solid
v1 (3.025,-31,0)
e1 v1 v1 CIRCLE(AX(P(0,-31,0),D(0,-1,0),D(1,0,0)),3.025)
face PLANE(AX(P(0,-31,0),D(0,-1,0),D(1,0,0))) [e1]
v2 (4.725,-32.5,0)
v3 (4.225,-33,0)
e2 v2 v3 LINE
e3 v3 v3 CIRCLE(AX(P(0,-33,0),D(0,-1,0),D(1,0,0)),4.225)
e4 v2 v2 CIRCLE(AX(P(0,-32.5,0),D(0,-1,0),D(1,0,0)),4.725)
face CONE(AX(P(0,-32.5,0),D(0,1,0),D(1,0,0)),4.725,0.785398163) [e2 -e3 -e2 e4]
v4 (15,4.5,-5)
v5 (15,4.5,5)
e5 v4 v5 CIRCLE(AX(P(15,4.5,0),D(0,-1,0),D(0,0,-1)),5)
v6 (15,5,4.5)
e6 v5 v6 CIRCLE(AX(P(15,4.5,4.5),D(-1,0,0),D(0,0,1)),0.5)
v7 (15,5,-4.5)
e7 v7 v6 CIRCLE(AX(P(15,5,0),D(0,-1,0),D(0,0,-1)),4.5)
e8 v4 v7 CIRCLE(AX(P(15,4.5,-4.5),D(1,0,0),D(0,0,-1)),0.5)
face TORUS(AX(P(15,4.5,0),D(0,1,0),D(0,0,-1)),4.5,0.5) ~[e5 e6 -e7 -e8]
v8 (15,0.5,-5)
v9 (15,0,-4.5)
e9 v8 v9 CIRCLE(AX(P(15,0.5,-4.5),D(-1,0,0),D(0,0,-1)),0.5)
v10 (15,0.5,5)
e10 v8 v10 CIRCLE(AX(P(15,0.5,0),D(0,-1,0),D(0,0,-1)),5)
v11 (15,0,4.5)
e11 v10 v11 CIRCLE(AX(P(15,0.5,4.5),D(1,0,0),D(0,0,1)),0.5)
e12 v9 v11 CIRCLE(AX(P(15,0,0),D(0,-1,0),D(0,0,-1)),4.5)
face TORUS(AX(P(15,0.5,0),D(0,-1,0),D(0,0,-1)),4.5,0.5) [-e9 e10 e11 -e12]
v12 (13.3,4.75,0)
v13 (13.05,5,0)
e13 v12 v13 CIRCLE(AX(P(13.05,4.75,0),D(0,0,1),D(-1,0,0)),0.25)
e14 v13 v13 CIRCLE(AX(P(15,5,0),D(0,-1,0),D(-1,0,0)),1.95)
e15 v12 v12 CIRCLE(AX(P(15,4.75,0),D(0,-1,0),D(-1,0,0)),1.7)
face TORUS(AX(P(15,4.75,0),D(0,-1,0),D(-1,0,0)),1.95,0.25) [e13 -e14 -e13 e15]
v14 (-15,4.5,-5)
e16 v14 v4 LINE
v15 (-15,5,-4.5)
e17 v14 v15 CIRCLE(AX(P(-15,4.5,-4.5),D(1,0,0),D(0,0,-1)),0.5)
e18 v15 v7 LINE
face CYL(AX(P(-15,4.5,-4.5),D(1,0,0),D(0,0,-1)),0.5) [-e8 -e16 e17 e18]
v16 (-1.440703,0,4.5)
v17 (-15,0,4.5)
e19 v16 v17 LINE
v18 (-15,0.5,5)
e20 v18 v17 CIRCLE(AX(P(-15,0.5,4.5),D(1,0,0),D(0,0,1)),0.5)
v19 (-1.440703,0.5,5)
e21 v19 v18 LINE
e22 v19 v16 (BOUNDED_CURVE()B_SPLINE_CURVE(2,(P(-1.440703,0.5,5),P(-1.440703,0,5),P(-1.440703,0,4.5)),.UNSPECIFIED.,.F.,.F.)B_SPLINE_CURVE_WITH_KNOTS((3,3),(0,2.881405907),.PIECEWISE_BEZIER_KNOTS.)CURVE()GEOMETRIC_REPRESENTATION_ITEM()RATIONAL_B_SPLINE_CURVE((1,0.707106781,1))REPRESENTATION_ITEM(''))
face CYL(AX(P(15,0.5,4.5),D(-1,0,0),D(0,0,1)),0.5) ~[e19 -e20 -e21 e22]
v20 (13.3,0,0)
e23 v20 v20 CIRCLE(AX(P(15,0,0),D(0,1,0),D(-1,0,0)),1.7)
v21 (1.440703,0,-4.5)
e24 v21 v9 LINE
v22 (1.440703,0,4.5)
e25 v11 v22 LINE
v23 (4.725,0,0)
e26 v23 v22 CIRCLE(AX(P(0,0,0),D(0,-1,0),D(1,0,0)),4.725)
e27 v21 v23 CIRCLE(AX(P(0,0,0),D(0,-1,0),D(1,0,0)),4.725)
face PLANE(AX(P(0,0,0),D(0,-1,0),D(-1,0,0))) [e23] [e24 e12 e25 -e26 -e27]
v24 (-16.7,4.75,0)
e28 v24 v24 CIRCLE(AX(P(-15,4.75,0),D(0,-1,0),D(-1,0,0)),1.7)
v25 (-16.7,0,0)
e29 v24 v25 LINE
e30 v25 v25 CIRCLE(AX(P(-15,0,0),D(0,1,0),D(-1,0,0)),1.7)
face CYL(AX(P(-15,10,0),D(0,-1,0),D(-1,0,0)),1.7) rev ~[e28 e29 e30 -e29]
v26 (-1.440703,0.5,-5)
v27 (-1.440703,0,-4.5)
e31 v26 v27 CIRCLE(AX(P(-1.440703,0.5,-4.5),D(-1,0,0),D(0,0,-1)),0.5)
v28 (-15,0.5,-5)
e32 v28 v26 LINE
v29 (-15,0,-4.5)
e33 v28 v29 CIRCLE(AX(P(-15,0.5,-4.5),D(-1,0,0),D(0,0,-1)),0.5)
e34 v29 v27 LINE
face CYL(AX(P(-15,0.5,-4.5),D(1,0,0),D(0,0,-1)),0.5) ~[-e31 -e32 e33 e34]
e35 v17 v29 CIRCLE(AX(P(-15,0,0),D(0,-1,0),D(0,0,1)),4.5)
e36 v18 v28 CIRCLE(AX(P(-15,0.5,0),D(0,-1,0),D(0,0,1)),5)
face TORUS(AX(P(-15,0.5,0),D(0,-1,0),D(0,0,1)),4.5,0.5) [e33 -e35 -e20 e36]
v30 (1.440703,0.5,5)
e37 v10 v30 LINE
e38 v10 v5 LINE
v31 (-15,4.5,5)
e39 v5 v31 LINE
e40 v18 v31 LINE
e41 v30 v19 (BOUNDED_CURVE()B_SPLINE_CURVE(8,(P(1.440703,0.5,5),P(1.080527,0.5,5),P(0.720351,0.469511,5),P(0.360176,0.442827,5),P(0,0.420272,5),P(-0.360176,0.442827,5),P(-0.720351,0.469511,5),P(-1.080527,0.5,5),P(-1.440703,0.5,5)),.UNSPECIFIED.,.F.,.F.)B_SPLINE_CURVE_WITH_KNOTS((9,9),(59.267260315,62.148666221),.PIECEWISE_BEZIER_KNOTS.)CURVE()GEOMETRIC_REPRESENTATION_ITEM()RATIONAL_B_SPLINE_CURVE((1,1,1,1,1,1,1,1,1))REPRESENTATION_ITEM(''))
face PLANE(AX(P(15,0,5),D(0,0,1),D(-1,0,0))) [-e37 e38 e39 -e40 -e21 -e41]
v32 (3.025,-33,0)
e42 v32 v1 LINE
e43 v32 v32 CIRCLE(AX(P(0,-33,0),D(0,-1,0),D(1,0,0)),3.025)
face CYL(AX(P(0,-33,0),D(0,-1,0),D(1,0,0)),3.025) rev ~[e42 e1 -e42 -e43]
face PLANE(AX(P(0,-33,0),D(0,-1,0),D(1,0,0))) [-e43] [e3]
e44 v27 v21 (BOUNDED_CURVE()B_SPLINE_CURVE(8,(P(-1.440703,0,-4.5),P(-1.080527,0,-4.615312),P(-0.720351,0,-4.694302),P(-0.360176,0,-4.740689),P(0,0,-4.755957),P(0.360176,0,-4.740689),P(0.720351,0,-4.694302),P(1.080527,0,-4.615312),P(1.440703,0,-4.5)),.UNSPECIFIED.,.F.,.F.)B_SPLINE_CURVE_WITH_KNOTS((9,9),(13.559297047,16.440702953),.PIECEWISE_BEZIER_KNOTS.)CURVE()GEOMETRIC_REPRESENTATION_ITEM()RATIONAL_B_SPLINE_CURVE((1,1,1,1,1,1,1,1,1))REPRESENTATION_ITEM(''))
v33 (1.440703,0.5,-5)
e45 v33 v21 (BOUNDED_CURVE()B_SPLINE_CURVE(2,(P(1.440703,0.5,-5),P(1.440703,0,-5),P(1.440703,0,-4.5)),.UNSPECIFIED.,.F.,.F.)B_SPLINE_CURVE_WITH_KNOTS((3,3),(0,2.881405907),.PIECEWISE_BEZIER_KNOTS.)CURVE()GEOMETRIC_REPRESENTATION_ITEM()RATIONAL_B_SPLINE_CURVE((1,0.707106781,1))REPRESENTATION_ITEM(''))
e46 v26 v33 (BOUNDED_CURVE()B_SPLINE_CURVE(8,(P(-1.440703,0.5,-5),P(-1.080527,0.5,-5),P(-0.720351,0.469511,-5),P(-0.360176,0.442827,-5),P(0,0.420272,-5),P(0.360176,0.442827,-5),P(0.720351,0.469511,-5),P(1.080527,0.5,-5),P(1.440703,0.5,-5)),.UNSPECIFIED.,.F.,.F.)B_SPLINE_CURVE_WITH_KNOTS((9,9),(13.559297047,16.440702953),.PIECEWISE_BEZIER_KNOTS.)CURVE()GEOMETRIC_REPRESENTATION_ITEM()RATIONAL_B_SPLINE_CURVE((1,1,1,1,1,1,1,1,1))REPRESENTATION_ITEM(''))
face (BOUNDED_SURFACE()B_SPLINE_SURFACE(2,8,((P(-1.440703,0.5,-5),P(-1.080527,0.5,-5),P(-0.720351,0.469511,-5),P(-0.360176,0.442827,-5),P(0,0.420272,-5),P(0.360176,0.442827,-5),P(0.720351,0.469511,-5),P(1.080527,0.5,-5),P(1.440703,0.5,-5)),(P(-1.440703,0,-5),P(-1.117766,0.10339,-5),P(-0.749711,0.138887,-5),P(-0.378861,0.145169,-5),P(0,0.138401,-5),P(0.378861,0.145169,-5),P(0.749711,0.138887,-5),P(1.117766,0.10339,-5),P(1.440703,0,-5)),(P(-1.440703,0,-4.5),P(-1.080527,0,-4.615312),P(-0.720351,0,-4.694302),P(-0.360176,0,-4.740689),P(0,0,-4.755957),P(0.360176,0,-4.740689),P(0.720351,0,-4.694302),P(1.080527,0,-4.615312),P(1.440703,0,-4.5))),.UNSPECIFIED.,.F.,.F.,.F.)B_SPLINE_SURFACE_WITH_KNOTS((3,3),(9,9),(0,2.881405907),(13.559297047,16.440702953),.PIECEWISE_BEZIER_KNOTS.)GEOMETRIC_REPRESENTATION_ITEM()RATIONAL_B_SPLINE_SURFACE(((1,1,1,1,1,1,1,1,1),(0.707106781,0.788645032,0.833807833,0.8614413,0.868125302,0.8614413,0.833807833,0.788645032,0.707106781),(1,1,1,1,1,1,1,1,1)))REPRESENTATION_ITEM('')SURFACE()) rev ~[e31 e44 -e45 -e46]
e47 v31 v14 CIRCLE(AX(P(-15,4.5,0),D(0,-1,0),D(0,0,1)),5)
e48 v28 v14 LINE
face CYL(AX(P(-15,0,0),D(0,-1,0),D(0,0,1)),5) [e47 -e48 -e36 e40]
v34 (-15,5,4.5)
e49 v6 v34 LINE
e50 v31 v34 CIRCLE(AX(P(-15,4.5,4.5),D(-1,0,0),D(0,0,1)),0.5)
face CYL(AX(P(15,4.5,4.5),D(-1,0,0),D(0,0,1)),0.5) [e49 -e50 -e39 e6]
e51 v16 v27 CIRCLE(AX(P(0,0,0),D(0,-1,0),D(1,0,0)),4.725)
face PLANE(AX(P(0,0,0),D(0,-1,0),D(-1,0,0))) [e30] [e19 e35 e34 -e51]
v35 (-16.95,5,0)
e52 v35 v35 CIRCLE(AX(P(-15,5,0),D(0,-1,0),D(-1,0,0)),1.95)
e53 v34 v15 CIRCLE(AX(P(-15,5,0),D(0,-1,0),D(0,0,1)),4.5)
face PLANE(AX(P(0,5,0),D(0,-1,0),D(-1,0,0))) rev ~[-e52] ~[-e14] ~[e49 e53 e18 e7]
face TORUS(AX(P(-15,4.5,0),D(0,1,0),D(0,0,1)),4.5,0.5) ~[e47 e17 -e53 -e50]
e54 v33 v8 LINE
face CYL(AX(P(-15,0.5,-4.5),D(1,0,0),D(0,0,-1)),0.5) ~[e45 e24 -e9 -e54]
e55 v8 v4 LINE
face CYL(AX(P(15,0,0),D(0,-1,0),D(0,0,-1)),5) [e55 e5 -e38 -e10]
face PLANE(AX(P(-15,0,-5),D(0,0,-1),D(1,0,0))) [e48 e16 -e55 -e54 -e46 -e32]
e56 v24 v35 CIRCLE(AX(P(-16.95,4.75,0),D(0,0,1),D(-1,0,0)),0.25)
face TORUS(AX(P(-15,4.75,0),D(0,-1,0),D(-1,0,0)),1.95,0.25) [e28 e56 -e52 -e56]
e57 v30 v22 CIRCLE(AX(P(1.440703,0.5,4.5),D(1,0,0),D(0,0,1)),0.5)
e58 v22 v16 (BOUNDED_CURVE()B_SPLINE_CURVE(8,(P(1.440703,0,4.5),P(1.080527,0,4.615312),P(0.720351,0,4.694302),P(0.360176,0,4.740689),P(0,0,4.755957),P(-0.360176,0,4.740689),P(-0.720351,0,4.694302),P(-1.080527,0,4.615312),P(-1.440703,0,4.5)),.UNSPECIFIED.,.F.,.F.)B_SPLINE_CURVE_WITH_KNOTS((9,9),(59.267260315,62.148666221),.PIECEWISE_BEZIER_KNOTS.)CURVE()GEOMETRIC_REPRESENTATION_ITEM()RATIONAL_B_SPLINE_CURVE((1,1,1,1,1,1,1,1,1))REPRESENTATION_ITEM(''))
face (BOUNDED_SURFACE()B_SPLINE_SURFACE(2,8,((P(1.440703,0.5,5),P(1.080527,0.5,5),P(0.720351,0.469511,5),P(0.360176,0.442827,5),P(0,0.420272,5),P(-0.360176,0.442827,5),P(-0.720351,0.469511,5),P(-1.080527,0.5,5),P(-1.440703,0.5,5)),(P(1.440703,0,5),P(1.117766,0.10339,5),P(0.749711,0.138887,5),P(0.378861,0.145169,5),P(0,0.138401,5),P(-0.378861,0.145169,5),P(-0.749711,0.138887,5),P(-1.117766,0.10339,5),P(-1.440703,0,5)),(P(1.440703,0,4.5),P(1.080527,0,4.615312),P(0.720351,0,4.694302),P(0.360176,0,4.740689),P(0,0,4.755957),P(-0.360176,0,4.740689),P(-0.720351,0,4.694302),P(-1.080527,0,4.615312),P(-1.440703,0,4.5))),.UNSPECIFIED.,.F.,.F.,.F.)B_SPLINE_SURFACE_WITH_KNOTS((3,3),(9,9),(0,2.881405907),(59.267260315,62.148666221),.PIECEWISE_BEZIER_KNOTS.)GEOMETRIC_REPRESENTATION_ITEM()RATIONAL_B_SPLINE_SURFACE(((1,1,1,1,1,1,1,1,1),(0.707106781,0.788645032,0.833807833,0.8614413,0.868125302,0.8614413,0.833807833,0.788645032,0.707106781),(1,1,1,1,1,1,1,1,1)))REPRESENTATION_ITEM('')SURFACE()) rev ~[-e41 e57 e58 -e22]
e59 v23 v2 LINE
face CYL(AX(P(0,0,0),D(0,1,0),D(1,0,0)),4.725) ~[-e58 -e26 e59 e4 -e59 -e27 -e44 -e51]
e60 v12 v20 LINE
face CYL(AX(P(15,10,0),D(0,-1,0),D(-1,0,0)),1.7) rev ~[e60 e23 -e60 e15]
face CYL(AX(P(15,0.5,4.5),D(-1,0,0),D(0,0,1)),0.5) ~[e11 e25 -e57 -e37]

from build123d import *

# Parameters (mm, degrees)
BOSS_EXTRUDE1_DEPTH      = 5
M3_CLEARANCE_HOLE1_D     = 3.4
M3_CLEARANCE_HOLE1_DEPTH = 5
M3_CLEARANCE_HOLE1_TIP   = 1.021463052
SKETCH4_R                = 4.725
BOSS_EXTRUDE2_DEPTH      = 33
SKETCH5_R                = 3.025
CUT_EXTRUDE1_DEPTH       = 2
FILLET1_R                = 0.5
CHAMFER1_SIZE            = 0.5
FILLET2_R                = 0.25


with BuildPart() as part:
    # Sketch1 → Boss-Extrude1 (new body)
    with BuildSketch(Plane(origin=(0, 0, 0), x_dir=(1, 0, 0), z_dir=(0, 1, 0))):
        with BuildLine():
            Line((-15, 5), (15, 5))
            ThreePointArc((15, 5), (20, 0), (15, -5))
            Line((15, -5), (-15, -5))
            ThreePointArc((-15, -5), (-20, 0), (-15, 5))
        make_face()
    extrude(amount=BOSS_EXTRUDE1_DEPTH)

    # M3 Clearance Hole1
    with Locations(Plane(origin=(0, 5, 0), x_dir=(1, 0, 0), z_dir=(0, 1, 0))):
        with Locations((-15, 0), (15, 0)):
            Hole(M3_CLEARANCE_HOLE1_D / 2, depth=M3_CLEARANCE_HOLE1_DEPTH)
            with Locations((0, 0, -(M3_CLEARANCE_HOLE1_DEPTH + M3_CLEARANCE_HOLE1_TIP / 2))):  # 118° drill point
                Cone(0, M3_CLEARANCE_HOLE1_D / 2, M3_CLEARANCE_HOLE1_TIP, mode=Mode.SUBTRACT)

    # Sketch4 → Boss-Extrude2 (add)
    with BuildSketch(Plane.XZ):
        Circle(SKETCH4_R)
    extrude(amount=BOSS_EXTRUDE2_DEPTH)

    # Sketch5 → Cut-Extrude1 (cut)
    with BuildSketch(Plane.XZ.offset(33)):
        Circle(SKETCH5_R)
    extrude(amount=-CUT_EXTRUDE1_DEPTH, mode=Mode.SUBTRACT)

    # Fillet1
    fillet1_edges = [part.edges().sort_by_distance(p)[0] for p in [
        (20, 5, 0),
        (0, 5, -5),
        (-20, 5, 0),
        (0, 0, -5),
        (20, 0, 0),
        (0, 0, 5),
        (-20, 0, 0),
        (0, 5, 5),
    ]]
    fillet(fillet1_edges, radius=FILLET1_R)

    # Chamfer1
    chamfer1_edges = [part.edges().sort_by_distance(p)[0] for p in [
        (-4.725, -33, 0),
    ]]
    chamfer(chamfer1_edges, length=CHAMFER1_SIZE)

    # Fillet2
    fillet2_edges = [part.edges().sort_by_distance(p)[0] for p in [
        (16.7, 5, 0),
        (-13.3, 5, 0),
    ]]
    fillet(fillet2_edges, radius=FILLET2_R)


solid = part.part
